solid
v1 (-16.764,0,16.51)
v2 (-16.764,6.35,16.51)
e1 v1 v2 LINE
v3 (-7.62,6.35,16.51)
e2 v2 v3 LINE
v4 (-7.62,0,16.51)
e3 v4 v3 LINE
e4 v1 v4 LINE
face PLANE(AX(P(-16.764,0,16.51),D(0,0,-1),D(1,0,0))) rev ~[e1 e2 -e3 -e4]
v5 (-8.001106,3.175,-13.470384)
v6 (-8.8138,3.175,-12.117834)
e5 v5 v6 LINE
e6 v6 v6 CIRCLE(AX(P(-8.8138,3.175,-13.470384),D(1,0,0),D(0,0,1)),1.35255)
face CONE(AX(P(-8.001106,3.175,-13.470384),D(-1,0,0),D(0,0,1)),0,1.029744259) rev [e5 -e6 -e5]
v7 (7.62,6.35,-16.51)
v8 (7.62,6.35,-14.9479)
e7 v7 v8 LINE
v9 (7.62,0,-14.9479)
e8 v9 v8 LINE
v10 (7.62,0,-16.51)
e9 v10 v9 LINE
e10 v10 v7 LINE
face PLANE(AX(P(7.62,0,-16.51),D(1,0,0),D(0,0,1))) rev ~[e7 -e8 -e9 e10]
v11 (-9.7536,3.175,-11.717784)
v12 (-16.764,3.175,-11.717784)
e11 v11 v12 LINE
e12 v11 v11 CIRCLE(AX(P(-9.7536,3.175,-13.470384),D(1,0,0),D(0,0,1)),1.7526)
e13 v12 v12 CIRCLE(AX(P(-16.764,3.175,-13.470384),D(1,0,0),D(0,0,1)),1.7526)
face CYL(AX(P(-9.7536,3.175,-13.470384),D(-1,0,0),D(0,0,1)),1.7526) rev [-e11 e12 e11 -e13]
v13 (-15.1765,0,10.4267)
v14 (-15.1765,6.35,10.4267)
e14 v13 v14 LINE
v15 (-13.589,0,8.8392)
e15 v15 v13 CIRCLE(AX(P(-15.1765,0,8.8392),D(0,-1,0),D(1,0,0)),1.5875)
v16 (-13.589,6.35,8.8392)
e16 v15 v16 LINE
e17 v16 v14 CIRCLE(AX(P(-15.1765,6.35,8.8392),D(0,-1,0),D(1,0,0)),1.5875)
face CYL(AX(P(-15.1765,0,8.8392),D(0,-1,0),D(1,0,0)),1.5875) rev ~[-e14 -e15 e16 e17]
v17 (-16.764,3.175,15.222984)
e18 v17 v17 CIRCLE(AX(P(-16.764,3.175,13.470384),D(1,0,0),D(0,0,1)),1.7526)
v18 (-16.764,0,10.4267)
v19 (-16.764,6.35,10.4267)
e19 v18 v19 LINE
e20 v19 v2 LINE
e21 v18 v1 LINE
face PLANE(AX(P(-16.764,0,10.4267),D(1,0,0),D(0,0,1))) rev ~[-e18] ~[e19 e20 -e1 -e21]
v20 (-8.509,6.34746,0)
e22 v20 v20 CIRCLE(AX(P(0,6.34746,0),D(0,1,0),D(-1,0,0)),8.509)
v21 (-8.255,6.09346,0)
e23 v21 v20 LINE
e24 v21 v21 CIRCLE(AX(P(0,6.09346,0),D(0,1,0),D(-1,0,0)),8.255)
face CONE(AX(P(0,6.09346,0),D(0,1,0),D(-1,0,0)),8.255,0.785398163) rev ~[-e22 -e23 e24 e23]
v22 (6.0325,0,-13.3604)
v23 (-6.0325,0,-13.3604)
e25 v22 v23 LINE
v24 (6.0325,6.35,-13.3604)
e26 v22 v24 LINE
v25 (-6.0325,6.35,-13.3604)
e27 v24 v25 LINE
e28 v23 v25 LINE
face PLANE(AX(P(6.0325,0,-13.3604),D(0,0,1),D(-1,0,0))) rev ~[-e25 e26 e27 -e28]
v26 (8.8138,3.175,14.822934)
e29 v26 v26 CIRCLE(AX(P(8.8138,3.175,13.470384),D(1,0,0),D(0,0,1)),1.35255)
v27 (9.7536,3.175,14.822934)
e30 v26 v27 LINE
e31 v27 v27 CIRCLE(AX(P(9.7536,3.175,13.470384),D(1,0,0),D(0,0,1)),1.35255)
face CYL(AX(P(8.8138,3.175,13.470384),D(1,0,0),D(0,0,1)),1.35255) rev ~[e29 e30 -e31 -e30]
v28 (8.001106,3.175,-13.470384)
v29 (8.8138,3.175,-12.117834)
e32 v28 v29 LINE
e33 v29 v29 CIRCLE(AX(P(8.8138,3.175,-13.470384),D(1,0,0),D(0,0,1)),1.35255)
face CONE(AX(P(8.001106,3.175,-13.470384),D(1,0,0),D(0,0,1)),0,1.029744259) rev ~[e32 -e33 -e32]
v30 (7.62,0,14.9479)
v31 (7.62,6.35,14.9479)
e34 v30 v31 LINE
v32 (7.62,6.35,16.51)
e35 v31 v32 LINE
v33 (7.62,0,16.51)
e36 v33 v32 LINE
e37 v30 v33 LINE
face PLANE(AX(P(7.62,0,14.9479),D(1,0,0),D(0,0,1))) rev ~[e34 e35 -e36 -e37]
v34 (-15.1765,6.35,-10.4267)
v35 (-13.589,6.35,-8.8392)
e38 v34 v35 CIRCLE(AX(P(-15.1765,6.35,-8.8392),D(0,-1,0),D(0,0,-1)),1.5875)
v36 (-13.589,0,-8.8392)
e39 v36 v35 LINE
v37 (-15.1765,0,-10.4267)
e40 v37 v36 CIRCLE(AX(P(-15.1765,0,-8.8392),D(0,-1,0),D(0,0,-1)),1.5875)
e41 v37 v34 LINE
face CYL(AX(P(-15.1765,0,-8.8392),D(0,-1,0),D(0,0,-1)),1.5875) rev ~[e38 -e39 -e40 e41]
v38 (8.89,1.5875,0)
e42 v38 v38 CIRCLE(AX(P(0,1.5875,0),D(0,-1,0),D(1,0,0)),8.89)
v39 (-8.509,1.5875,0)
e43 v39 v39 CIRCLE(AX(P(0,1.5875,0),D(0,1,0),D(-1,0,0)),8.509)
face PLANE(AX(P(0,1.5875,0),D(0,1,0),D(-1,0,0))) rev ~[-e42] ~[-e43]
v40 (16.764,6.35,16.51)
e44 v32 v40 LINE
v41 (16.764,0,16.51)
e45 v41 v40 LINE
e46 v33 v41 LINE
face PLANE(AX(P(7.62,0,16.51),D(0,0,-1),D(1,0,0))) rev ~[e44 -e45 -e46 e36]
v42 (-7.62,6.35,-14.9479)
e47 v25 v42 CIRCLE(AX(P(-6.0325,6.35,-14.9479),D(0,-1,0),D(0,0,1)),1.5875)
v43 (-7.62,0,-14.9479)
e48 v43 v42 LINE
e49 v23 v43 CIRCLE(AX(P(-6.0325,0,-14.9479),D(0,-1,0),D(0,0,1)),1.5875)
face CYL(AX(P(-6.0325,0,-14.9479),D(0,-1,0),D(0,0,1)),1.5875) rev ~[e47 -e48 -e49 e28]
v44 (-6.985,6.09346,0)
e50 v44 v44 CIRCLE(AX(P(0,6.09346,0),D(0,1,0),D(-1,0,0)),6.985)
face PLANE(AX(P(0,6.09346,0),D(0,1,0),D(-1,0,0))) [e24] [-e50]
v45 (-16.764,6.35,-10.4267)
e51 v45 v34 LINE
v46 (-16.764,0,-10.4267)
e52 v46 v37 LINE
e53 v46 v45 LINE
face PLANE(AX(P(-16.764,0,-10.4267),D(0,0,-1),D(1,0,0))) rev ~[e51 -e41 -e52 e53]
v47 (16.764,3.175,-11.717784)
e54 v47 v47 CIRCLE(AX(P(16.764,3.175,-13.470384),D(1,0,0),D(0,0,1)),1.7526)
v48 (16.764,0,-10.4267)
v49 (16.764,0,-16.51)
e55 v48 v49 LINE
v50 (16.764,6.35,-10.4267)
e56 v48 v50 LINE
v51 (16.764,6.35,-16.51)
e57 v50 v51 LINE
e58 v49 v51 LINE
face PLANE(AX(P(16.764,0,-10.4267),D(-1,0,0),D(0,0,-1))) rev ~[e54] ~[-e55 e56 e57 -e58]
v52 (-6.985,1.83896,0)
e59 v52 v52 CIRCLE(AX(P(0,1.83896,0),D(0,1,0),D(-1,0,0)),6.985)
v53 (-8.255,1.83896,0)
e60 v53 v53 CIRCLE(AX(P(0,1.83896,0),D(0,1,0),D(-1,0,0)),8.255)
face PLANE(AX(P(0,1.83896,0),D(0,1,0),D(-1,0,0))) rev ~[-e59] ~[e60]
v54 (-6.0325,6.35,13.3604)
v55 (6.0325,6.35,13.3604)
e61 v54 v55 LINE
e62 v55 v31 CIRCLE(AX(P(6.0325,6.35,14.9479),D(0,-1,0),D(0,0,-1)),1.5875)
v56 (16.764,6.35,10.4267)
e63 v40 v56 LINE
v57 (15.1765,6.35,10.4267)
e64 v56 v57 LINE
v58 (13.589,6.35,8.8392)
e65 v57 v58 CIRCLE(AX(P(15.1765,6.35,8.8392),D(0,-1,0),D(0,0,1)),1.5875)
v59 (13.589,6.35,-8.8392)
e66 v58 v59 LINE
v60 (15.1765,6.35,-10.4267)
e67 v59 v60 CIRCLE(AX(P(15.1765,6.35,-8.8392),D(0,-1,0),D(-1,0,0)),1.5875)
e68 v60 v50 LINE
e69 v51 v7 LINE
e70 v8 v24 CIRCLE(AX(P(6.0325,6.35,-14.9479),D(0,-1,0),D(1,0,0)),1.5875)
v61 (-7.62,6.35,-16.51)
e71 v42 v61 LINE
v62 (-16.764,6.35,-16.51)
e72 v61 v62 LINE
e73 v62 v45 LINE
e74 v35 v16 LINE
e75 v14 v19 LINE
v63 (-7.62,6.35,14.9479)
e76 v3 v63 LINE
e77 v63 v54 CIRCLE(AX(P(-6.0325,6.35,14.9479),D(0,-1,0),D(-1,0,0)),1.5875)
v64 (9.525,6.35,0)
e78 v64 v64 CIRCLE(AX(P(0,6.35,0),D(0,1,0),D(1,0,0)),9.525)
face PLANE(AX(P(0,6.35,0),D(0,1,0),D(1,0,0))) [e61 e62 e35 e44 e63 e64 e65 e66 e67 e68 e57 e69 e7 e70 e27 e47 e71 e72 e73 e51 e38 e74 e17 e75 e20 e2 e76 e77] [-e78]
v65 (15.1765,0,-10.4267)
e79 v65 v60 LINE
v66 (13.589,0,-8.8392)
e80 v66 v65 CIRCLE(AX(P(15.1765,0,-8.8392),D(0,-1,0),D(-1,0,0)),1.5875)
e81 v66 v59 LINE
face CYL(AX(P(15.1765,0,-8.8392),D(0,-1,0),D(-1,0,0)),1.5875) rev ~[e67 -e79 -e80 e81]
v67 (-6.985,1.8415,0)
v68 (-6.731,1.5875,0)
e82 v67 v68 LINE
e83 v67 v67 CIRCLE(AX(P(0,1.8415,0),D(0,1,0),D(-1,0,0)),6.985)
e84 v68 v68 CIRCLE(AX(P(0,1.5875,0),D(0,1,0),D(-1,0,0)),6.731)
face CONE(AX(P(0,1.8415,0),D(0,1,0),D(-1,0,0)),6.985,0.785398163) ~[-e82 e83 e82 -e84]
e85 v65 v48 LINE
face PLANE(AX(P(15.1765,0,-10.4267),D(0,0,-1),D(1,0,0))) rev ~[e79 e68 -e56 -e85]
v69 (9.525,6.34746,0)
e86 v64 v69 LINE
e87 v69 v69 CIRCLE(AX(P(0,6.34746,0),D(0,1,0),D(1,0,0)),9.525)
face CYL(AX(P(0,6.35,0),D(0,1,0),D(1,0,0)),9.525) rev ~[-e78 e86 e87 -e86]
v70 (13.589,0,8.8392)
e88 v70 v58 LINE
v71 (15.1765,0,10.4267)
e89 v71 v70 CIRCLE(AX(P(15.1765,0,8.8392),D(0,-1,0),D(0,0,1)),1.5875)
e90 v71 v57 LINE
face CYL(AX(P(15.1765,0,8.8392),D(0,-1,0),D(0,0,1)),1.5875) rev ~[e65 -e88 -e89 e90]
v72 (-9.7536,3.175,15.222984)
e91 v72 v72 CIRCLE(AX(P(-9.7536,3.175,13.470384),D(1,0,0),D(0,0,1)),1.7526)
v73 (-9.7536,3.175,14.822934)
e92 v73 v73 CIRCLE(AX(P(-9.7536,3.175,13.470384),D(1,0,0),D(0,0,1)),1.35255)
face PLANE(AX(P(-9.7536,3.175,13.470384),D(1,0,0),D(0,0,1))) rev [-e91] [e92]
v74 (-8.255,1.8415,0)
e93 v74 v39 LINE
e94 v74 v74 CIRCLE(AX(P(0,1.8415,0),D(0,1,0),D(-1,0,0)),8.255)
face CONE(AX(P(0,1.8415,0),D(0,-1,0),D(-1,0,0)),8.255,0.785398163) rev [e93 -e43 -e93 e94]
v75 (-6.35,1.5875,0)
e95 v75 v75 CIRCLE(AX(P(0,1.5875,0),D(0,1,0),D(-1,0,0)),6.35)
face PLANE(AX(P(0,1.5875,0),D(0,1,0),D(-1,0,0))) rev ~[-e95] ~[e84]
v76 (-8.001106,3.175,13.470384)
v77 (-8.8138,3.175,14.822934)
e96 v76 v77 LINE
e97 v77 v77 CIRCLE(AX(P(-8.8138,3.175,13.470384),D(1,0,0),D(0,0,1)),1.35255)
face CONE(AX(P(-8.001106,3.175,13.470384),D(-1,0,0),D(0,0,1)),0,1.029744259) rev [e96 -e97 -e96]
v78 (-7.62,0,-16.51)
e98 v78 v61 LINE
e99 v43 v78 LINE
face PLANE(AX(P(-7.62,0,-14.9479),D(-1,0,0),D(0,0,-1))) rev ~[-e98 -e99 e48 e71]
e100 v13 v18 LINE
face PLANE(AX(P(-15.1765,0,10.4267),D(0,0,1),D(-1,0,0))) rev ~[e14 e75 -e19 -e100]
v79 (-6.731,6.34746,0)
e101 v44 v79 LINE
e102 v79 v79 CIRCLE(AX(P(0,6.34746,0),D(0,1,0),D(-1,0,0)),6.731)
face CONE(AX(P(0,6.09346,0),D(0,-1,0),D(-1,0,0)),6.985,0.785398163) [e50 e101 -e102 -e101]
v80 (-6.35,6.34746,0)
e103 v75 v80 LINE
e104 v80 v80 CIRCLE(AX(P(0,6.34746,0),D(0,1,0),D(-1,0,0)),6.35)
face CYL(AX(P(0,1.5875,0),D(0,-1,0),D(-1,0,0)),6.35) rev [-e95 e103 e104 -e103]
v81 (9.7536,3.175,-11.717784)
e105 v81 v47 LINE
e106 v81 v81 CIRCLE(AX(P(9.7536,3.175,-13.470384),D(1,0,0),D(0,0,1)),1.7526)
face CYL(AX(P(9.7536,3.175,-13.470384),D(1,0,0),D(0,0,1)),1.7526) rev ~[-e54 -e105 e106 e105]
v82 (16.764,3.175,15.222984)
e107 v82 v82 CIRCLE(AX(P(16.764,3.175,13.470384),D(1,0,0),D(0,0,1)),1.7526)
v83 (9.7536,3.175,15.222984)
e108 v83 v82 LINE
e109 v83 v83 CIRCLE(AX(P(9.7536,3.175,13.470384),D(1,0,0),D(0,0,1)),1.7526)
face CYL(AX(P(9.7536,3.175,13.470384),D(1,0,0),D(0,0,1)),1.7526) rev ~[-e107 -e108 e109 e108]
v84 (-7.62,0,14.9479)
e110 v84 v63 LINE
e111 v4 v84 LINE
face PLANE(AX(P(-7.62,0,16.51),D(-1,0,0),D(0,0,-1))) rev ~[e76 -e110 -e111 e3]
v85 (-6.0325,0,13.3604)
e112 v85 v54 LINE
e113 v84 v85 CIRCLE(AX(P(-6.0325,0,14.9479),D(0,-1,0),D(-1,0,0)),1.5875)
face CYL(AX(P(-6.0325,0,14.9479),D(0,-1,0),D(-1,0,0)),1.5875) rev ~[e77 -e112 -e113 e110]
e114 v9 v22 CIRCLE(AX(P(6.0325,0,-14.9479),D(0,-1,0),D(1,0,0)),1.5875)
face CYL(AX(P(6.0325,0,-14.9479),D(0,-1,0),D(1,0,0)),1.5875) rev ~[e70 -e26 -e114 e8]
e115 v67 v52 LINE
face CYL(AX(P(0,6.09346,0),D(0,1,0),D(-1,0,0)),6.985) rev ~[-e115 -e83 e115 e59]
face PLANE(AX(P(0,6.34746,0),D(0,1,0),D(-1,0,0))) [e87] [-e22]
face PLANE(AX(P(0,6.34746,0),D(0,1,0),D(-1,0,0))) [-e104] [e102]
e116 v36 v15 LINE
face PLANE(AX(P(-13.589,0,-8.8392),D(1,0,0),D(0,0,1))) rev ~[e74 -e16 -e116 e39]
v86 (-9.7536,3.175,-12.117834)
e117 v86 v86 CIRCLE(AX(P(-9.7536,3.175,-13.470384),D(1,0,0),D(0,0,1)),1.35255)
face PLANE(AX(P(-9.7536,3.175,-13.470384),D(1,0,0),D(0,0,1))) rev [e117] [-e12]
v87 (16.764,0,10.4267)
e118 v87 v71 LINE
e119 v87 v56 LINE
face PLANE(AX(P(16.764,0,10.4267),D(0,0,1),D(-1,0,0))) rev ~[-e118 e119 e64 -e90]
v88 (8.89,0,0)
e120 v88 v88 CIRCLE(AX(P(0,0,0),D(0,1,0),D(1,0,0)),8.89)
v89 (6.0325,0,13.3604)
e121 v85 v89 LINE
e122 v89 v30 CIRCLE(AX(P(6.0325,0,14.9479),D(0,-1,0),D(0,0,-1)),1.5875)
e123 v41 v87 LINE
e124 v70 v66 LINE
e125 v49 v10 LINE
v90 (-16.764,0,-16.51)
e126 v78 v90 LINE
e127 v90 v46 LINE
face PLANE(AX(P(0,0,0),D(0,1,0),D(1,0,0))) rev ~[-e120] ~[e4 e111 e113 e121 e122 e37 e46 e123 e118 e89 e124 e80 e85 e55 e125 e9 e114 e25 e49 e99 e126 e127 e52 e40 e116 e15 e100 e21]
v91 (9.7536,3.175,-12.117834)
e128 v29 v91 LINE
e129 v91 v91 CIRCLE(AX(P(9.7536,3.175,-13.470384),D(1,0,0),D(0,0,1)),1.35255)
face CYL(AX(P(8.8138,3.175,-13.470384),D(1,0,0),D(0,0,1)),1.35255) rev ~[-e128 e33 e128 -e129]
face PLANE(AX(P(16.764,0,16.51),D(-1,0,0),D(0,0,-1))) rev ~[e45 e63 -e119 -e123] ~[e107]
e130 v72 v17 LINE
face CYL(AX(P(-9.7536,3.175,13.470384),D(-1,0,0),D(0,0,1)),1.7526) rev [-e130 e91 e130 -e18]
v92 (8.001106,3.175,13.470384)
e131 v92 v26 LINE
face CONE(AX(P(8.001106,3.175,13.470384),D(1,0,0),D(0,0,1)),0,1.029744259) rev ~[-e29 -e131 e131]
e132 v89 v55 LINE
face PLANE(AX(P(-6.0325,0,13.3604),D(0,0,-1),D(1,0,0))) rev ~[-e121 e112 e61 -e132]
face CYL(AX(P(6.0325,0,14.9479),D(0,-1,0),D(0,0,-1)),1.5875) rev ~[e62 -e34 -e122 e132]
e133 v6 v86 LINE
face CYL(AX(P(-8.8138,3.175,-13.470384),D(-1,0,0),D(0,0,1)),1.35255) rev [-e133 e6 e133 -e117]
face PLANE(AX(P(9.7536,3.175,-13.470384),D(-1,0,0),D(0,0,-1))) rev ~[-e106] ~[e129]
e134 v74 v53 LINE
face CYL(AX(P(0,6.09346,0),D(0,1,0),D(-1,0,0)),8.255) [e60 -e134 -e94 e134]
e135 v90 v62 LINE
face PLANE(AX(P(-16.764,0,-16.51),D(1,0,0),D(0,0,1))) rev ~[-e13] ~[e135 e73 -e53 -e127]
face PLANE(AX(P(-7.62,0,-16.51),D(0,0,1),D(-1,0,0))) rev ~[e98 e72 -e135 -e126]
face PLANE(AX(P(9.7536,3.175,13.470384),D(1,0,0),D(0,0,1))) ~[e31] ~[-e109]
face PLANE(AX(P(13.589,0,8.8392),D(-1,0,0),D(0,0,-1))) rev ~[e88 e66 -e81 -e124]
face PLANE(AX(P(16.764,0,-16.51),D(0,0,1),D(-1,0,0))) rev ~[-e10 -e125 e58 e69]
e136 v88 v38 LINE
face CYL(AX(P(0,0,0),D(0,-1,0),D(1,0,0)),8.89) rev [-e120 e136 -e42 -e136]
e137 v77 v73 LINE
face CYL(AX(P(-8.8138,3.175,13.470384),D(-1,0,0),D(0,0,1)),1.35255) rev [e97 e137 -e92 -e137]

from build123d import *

# Parameters (mm, degrees)
SKETCH1_R                      = 8.89
BOSS_EXTRUDE1_DEPTH            = 6.35
SKETCH2_R                      = 9.525
CUT_EXTRUDE1_DEPTH             = 4.7625
SKETCH3_R                      = 9.525
SKETCH3_R_2                    = 8.255
BOSS_EXTRUDE2_DEPTH            = 4.75996
CHAMFER1_SIZE                  = 0.254
SKETCH4_R                      = 6.985
SKETCH4_R_2                    = 6.35
BOSS_EXTRUDE3_DEPTH            = 4.75996
CHAMFER2_SIZE                  = 0.254
SKETCH5_R                      = 8.255
SKETCH5_R_2                    = 6.985
BOSS_EXTRUDE4_DEPTH            = 4.2545
F_6_32_TAPPED_HOLE1_AT_2_COUNT = 2
F_6_32_TAPPED_HOLE1_AT_2_PITCH = 26.940768363


with BuildPart() as part:
    # Sketch1 → Boss-Extrude1 (new body)
    with BuildSketch(Plane(origin=(0, 0, 0), x_dir=(1, 0, 0), z_dir=(0, 1, 0))):
        with BuildLine():
            Line((-16.764, -16.51), (-7.62, -16.51))
            Line((-7.62, -16.51), (-7.62, -14.9479))
            ThreePointArc((-7.62, -14.9479), (-7.155032015, -13.825367985), (-6.0325, -13.3604))
            Line((-6.0325, -13.3604), (6.0325, -13.3604))
            ThreePointArc((6.0325, -13.3604), (7.155032015, -13.825367985), (7.62, -14.9479))
            Line((7.62, -14.9479), (7.62, -16.51))
            Line((7.62, -16.51), (16.764, -16.51))
            Line((16.764, -16.51), (16.764, -10.4267))
            Line((16.764, -10.4267), (15.1765, -10.4267))
            ThreePointArc((15.1765, -10.4267), (14.053967985, -9.961732015), (13.589, -8.8392))
            Line((13.589, -8.8392), (13.589, 8.8392))
            ThreePointArc((13.589, 8.8392), (14.053967985, 9.961732015), (15.1765, 10.4267))
            Line((15.1765, 10.4267), (16.764, 10.4267))
            Line((16.764, 10.4267), (16.764, 16.51))
            Line((16.764, 16.51), (7.62, 16.51))
            Line((7.62, 16.51), (7.62, 14.9479))
            ThreePointArc((7.62, 14.9479), (7.155032015, 13.825367985), (6.0325, 13.3604))
            Line((6.0325, 13.3604), (-6.0325, 13.3604))
            ThreePointArc((-6.0325, 13.3604), (-7.155032015, 13.825367985), (-7.62, 14.9479))
            Line((-7.62, 14.9479), (-7.62, 16.51))
            Line((-7.62, 16.51), (-16.764, 16.51))
            Line((-16.764, 16.51), (-16.764, 10.4267))
            Line((-16.764, 10.4267), (-15.1765, 10.4267))
            ThreePointArc((-15.1765, 10.4267), (-14.053967985, 9.961732015), (-13.589, 8.8392))
            Line((-13.589, 8.8392), (-13.589, -8.8392))
            ThreePointArc((-13.589, -8.8392), (-14.053967985, -9.961732015), (-15.1765, -10.4267))
            Line((-15.1765, -10.4267), (-16.764, -10.4267))
            Line((-16.764, -10.4267), (-16.764, -16.51))
        make_face()
        Circle(SKETCH1_R, mode=Mode.SUBTRACT)
    extrude(amount=BOSS_EXTRUDE1_DEPTH)

    # Sketch2 → Cut-Extrude1 (cut)
    with BuildSketch(Plane(origin=(0, 6.35, 0), x_dir=(1, 0, 0), z_dir=(0, 1, 0))):
        Circle(SKETCH2_R)
    extrude(amount=-CUT_EXTRUDE1_DEPTH, mode=Mode.SUBTRACT)

    # Sketch3 → Boss-Extrude2 (add)
    with BuildSketch(Plane(origin=(0, 1.5875, 0), x_dir=(-1, 0, 0), z_dir=(0, 1, 0))):
        Circle(SKETCH3_R)
        Circle(SKETCH3_R_2, mode=Mode.SUBTRACT)
    extrude(amount=BOSS_EXTRUDE2_DEPTH)

    # Chamfer1
    chamfer1_edges = [part.edges().sort_by_distance(p)[0] for p in [
        (8.255, 1.5875, 0),
        (8.255, 6.34746, 0),
    ]]
    chamfer(chamfer1_edges, length=CHAMFER1_SIZE)



with BuildPart() as body_2:
    # Sketch4 → Boss-Extrude3 (new body)
    with BuildSketch(Plane(origin=(0, 1.5875, 0), x_dir=(-1, 0, 0), z_dir=(0, 1, 0))):
        Circle(SKETCH4_R)
        Circle(SKETCH4_R_2, mode=Mode.SUBTRACT)
    extrude(amount=BOSS_EXTRUDE3_DEPTH)

    # Chamfer2
    chamfer2_edges = [body_2.edges().sort_by_distance(p)[0] for p in [
        (6.985, 1.5875, 0),
        (6.985, 6.34746, 0),
    ]]
    chamfer(chamfer2_edges, length=CHAMFER2_SIZE)


with BuildPart() as part_1:
    add(part.part)

    add(body_2.part)  # Boss-Extrude4 merges body 2
    # Sketch5 → Boss-Extrude4 (add)
    with BuildSketch(Plane(origin=(0, 6.09346, 0), x_dir=(-1, 0, 0), z_dir=(0, 1, 0))):
        Circle(SKETCH5_R)
        Circle(SKETCH5_R_2, mode=Mode.SUBTRACT)
    extrude(amount=-BOSS_EXTRUDE4_DEPTH)

    # Sketch8 → #6-32 Tapped Hole1 (revolve, cut)
    with BuildSketch(Plane(origin=(-16.764, 3.175, -13.470384182), x_dir=(0, 0, 1), z_dir=(0, 1, 0))):
        Polygon((0, 0), (0, 8.76289403), (1.35255, 7.9502), (1.35255, 7.0104), (1.7526, 7.0104), (1.7526, 0), align=None)
    f_6_32_tapped_hole1 = revolve(axis=Axis((-23.114, 3.175, -13.470384182), (1, 0, 0)), mode=Mode.SUBTRACT)

    # #6-32 Tapped Hole1 at 2: #6-32 Tapped Hole1 ×2
    with Locations(*[(0, 0, i * F_6_32_TAPPED_HOLE1_AT_2_PITCH) for i in range(1, F_6_32_TAPPED_HOLE1_AT_2_COUNT)]):
        add(f_6_32_tapped_hole1, mode=Mode.SUBTRACT)

    # Mirror1: #6-32 Tapped Hole1 across plane
    add(f_6_32_tapped_hole1.mirror(Plane(origin=(0, 0, 0), x_dir=(0, 0, 1), z_dir=(1, 0, 0))), mode=Mode.SUBTRACT)

    # Mirror1 copy 1 sketch → Mirror1 copy 1 (revolve, cut)
    with BuildSketch(Plane(origin=(16.764, 3.175, 13.470384182), x_dir=(0, 0, 1), z_dir=(0, 1, 0))):
        Polygon((0, 0), (0, -8.76289403), (1.35255, -7.9502), (1.35255, -7.0104), (1.7526, -7.0104), (1.7526, 0), align=None)
    revolve(axis=Axis((23.114, 3.175, 13.470384182), (1, 0, 0)), mode=Mode.SUBTRACT)


solid = part_1.part
